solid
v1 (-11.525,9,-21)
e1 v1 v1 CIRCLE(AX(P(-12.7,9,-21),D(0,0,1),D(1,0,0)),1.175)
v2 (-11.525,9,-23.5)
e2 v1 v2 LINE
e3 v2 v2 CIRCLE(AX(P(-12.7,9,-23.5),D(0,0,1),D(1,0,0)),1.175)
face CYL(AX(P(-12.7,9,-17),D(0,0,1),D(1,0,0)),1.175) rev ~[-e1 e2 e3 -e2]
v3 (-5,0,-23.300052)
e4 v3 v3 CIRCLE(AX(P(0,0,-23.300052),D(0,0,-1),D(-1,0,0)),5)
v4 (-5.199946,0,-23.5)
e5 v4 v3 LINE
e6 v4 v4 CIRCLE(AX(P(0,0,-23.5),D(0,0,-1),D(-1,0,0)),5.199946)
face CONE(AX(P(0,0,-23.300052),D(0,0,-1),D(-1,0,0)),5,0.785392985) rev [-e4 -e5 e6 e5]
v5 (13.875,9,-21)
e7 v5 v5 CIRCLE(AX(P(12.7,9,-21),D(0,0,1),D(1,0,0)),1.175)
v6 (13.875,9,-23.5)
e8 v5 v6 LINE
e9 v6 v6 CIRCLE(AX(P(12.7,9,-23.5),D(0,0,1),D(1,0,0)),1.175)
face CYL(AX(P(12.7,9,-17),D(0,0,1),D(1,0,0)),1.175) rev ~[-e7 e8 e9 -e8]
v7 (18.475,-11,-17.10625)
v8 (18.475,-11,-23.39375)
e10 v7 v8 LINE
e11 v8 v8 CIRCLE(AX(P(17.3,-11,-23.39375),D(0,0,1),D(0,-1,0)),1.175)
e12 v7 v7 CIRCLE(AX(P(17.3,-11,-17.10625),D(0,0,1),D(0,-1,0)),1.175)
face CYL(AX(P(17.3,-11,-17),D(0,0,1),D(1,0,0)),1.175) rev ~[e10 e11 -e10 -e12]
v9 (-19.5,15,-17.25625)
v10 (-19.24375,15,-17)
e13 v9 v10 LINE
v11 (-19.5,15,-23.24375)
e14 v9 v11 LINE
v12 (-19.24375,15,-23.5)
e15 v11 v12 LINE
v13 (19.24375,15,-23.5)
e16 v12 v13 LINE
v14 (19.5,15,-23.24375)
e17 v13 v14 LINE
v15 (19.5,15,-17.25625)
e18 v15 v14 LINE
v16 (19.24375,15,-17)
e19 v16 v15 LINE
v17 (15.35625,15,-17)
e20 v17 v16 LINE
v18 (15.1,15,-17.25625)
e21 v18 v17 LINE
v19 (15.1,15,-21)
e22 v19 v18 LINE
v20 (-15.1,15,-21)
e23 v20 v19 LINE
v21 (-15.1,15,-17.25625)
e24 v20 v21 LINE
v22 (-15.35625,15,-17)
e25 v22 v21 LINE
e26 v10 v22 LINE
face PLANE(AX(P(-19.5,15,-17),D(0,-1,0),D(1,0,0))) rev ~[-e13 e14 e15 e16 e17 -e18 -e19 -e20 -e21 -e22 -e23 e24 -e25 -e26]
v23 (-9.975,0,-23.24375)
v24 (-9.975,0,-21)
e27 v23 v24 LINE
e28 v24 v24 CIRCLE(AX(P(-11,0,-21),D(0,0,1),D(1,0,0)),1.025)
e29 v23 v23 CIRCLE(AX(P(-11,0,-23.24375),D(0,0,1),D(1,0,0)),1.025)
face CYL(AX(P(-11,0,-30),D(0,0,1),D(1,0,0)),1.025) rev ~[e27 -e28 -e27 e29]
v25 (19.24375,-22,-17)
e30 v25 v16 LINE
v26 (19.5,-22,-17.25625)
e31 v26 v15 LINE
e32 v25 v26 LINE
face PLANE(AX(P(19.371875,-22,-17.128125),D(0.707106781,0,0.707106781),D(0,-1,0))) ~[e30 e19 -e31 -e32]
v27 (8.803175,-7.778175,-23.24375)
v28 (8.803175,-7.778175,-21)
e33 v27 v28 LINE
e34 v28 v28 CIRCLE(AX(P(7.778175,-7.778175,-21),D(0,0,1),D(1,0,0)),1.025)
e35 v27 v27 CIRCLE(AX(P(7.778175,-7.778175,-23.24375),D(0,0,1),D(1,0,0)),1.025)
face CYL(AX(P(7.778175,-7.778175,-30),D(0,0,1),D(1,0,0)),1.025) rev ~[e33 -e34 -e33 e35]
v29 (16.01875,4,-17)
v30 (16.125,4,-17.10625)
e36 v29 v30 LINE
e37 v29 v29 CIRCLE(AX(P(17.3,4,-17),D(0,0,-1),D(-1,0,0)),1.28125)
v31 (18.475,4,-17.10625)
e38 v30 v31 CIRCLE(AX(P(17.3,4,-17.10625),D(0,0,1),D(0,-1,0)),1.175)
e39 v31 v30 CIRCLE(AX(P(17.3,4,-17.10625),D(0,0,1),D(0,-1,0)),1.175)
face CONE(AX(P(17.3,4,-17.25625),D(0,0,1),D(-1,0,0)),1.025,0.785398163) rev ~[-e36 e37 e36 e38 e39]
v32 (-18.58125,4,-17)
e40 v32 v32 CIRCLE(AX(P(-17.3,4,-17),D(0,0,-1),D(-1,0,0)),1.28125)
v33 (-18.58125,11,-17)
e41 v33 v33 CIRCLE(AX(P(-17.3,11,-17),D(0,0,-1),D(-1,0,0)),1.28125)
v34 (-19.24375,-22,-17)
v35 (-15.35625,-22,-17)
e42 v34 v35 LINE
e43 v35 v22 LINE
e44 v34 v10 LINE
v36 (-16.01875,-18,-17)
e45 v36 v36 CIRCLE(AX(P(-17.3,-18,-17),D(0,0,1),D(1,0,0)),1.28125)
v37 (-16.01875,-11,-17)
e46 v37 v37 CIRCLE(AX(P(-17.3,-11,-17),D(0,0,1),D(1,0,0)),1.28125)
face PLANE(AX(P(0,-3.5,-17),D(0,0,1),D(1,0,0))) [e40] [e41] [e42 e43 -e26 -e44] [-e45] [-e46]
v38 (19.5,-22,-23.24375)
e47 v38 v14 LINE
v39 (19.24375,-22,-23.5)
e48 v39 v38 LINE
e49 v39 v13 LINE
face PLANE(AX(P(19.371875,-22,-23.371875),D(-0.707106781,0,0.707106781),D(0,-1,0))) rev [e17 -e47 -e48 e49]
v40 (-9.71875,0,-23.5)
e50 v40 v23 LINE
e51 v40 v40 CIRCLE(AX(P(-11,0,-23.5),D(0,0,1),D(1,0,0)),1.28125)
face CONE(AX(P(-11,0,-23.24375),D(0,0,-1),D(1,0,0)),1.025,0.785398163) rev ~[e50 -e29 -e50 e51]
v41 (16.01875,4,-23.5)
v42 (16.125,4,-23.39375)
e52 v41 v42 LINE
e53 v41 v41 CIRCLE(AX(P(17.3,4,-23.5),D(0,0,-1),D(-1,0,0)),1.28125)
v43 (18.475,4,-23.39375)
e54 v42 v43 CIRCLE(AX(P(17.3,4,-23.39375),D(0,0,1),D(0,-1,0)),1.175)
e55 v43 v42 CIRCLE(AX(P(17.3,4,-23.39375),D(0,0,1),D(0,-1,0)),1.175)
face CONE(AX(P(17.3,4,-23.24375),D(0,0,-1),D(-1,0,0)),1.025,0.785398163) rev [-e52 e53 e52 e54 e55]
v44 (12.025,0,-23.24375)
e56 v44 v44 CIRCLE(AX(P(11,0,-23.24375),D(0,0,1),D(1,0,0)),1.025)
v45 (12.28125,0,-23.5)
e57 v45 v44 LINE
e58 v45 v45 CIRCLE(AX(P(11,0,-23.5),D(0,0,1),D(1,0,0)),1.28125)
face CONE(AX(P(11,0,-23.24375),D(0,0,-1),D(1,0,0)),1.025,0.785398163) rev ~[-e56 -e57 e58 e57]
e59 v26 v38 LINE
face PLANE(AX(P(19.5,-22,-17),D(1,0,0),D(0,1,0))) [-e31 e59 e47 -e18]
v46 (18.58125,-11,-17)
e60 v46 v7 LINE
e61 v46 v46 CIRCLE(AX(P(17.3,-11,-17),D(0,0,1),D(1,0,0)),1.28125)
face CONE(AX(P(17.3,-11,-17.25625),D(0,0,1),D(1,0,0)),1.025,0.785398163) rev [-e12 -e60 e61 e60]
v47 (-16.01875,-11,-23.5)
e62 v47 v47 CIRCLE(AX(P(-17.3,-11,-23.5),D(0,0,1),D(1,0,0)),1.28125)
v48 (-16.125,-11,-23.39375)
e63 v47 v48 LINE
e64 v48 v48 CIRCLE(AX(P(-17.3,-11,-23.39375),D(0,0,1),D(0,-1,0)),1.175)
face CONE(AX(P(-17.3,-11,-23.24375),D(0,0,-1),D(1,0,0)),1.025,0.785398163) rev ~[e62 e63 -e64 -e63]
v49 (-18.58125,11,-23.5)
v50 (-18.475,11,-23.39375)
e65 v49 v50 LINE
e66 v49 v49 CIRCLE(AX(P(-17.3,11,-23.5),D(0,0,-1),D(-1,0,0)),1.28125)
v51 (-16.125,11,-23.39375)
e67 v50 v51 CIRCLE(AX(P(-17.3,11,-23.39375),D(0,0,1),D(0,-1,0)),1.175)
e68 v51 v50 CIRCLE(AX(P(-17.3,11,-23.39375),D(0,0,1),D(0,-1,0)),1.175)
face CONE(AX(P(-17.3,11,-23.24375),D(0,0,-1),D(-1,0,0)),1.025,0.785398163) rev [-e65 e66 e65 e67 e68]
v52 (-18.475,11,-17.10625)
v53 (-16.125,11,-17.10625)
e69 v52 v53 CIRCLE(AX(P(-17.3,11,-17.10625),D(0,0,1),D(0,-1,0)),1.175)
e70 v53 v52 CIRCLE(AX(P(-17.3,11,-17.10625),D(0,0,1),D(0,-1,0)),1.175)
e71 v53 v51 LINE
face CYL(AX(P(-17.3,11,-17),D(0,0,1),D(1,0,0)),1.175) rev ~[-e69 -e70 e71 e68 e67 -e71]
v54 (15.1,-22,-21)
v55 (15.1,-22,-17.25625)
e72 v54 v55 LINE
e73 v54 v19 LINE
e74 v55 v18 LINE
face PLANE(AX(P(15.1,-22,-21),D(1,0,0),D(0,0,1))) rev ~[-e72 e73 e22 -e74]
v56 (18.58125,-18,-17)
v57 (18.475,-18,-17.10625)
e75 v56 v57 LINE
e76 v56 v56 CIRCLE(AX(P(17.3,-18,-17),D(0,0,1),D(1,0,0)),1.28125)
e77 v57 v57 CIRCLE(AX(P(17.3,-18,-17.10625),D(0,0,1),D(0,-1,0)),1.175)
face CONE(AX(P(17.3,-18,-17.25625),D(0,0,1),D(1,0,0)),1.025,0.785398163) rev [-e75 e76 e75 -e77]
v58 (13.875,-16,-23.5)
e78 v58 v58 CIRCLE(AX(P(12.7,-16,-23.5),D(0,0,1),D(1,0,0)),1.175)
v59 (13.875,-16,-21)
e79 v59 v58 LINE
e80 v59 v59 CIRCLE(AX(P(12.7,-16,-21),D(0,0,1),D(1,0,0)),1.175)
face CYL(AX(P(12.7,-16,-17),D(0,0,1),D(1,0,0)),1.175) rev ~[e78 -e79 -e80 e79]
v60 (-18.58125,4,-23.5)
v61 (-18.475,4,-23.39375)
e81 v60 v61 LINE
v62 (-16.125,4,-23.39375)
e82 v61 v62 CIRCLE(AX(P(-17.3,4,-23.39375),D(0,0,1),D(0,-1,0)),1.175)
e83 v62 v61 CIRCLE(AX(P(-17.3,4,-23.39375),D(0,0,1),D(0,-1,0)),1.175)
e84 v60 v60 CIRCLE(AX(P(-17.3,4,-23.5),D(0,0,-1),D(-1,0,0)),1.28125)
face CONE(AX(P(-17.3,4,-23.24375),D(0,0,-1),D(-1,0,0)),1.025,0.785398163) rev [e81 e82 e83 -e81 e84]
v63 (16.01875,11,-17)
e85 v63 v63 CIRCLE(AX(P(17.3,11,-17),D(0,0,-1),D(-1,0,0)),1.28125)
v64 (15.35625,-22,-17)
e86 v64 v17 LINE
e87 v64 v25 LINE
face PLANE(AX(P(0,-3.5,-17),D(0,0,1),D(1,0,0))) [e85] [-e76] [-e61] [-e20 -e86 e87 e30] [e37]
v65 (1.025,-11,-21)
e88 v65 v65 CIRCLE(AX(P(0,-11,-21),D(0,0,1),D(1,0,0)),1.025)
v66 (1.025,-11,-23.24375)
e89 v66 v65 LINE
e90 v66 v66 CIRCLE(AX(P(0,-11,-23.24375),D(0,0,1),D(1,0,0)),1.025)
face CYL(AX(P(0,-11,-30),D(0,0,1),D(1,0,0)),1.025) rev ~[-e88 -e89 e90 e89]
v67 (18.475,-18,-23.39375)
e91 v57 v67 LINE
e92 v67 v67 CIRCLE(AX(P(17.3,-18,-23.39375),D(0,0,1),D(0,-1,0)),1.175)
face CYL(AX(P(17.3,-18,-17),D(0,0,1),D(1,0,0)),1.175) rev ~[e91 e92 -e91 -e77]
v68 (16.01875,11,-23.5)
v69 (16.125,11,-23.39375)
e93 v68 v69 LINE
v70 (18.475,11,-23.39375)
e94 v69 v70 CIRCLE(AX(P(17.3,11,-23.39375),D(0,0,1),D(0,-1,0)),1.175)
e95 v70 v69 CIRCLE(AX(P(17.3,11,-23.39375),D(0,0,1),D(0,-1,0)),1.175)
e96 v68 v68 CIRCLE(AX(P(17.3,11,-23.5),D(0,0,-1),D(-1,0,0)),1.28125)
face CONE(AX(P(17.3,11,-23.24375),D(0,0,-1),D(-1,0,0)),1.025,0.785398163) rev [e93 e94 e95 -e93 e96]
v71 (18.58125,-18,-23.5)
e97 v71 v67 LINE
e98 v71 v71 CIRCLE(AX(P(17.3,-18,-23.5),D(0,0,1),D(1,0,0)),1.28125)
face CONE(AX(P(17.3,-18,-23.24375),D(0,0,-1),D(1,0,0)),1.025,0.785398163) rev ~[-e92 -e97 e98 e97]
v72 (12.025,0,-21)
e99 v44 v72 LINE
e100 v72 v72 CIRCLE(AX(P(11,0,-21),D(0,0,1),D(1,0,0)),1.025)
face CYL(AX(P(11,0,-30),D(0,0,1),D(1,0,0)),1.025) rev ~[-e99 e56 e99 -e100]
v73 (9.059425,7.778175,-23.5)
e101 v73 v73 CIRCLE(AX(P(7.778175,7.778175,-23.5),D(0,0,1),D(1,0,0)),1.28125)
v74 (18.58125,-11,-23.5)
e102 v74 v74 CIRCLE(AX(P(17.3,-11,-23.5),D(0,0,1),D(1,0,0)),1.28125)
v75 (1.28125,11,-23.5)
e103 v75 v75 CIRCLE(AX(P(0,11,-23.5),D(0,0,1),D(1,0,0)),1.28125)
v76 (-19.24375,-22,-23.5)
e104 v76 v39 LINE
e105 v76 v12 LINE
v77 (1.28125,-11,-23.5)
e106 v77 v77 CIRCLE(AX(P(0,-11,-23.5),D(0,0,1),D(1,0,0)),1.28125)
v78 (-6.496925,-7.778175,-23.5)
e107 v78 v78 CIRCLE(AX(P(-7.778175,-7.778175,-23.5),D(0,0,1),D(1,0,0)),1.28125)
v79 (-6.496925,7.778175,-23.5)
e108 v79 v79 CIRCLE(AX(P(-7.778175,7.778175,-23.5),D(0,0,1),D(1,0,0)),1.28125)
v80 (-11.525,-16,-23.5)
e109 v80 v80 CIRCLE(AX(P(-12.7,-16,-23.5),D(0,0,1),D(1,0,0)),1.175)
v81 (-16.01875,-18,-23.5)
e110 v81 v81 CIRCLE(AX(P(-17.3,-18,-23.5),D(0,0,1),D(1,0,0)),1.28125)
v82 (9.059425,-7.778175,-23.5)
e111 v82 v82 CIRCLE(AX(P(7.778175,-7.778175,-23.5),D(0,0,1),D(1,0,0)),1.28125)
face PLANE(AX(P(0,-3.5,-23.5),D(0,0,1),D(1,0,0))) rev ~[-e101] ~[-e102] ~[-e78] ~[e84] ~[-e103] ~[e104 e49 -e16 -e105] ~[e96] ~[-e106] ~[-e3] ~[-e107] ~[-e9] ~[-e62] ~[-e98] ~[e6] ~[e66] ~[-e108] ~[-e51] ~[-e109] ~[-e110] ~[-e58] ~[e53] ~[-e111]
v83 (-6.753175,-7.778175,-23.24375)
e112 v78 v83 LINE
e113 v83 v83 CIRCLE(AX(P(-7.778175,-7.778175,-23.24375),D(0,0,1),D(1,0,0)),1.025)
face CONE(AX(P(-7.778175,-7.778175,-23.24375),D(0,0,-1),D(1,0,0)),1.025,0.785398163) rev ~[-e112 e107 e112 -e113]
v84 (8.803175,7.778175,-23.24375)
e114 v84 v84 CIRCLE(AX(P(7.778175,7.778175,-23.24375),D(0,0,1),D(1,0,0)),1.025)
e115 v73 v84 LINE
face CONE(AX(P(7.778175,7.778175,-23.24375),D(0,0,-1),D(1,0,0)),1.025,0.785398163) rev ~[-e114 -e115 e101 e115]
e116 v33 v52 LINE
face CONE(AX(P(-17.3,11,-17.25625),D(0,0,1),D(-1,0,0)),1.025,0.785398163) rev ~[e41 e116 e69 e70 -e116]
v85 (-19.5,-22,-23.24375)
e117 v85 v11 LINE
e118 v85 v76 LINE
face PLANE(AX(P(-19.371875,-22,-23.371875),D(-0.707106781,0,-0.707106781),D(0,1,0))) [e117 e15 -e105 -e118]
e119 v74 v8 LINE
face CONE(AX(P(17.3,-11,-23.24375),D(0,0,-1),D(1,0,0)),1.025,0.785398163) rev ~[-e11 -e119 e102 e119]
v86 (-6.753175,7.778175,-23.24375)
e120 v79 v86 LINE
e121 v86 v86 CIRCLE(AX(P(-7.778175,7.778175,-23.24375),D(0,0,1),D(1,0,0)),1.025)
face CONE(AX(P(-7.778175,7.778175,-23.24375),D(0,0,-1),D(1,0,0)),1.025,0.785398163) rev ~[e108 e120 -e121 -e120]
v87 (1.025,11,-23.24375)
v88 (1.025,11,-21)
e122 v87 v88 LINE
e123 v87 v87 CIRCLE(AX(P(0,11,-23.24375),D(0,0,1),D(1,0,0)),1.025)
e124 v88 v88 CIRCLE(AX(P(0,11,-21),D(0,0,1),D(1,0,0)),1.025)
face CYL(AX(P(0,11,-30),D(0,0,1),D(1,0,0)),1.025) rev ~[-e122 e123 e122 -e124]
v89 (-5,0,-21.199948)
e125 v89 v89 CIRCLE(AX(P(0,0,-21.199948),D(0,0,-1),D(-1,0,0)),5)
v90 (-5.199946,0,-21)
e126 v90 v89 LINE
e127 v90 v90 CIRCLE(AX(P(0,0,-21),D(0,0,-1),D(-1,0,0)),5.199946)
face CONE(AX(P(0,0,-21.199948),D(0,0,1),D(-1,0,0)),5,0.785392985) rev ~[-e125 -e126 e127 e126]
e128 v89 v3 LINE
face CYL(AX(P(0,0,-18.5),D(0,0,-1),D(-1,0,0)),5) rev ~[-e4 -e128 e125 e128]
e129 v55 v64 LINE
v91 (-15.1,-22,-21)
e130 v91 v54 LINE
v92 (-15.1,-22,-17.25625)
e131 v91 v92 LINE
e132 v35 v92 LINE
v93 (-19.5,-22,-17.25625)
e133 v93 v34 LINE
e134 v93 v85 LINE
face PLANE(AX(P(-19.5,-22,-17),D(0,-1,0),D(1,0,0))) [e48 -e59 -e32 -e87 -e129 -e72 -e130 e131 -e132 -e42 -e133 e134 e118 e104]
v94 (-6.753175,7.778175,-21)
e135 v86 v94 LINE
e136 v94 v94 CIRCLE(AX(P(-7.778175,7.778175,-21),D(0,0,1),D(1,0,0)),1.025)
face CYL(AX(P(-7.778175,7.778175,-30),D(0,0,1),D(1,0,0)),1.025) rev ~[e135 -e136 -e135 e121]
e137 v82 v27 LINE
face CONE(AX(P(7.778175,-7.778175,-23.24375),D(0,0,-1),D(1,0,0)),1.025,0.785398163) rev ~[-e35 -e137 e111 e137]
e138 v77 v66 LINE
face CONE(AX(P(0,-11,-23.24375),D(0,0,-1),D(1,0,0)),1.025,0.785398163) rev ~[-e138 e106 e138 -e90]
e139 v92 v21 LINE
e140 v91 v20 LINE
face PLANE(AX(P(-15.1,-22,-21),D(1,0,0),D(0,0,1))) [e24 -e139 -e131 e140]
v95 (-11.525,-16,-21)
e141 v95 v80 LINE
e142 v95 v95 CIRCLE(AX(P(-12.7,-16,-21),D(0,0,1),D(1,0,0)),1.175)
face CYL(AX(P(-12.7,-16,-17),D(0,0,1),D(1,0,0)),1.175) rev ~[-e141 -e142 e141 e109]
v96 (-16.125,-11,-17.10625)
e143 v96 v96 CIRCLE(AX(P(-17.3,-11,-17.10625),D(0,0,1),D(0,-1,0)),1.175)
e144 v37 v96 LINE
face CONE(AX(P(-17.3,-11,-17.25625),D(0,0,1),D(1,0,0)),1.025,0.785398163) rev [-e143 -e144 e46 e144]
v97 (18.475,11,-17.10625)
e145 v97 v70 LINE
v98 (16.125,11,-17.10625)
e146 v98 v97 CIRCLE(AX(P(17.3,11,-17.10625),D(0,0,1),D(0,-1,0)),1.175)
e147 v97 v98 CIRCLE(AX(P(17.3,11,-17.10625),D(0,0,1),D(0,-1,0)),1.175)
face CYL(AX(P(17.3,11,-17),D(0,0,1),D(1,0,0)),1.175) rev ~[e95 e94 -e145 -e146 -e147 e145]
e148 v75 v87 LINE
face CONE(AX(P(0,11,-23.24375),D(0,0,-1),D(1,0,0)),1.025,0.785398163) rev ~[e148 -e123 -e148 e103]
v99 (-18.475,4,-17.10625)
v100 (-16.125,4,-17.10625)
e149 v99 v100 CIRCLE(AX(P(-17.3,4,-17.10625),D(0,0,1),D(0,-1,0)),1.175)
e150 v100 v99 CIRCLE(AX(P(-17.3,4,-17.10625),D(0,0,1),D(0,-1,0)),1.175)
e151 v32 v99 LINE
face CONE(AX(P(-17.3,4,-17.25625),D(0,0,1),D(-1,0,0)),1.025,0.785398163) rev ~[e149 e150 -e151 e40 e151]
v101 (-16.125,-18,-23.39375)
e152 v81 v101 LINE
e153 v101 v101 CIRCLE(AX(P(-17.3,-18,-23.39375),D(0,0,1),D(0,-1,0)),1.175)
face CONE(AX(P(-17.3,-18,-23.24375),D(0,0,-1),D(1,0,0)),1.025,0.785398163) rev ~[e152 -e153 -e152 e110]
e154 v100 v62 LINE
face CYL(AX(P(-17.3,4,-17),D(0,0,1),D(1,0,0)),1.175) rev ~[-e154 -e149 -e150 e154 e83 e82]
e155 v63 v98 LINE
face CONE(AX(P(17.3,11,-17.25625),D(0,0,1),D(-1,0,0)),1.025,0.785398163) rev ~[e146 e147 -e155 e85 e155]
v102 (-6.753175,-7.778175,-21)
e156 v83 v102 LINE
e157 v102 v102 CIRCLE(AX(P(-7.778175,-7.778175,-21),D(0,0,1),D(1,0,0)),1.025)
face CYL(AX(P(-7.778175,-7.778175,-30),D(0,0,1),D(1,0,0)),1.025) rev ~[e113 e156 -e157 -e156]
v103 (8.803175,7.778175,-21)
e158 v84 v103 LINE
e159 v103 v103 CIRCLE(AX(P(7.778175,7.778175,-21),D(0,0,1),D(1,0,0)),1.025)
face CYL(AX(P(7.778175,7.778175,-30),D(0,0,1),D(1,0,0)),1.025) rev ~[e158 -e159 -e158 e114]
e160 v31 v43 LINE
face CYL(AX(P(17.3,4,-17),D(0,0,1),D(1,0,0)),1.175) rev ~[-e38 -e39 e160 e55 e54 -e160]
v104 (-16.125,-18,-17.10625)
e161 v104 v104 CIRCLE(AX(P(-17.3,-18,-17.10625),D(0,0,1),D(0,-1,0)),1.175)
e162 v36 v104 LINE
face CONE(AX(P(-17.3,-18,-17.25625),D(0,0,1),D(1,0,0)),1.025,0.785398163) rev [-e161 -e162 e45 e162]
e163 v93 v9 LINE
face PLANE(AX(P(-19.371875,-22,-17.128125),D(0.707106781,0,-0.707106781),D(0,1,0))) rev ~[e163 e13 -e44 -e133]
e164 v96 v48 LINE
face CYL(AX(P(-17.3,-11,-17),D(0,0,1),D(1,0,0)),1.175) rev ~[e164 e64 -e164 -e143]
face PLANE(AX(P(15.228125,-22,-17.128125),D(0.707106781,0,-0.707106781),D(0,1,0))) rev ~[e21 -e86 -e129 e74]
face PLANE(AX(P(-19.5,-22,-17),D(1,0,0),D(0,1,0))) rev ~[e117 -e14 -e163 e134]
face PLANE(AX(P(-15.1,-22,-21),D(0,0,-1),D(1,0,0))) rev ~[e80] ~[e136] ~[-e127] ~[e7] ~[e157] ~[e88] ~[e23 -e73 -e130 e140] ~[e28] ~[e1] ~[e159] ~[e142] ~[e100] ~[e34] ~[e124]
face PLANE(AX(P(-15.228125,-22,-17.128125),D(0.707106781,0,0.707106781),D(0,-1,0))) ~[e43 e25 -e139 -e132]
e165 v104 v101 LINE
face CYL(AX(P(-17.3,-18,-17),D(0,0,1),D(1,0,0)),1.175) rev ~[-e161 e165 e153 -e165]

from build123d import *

# Parameters (mm, degrees)
SKETCH1_W                        = 39
SKETCH1_H                        = 37
BOSS_EXTRUDE1_DEPTH              = 6.5
SKETCH2_W                        = 30.2
SKETCH2_H                        = 4
CUT_EXTRUDE1_DEPTH               = 38
F_10_0_10_DIAMETER_HOLE1_D       = 10
F_10_0_10_DIAMETER_HOLE1_DEPTH   = 2.5
F_2_05_2_05_DIAMETER_HOLE1_D     = 2.05
F_2_05_2_05_DIAMETER_HOLE1_DEPTH = 6.5
F_2_05_2_05_DIAMETER_HOLE2_D     = 2.05
F_2_05_2_05_DIAMETER_HOLE2_DEPTH = 6.5
F_2_05_2_05_DIAMETER_HOLE3_D     = 2.05
F_2_05_2_05_DIAMETER_HOLE3_DEPTH = 6.5
CHAMFER1_SIZE                    = 0.25625
CHAMFER2_SIZE2                   = 0.199948225
CHAMFER2_SIZE                    = 0.199946154
SKETCH11_R                       = 1.28125
BOSS_EXTRUDE3_DEPTH              = 2.5
SKETCH12_R                       = 1.175
CUT_EXTRUDE2_DEPTH               = 7.5


with BuildPart() as part:
    # Sketch1 → Boss-Extrude1 (new body)
    with BuildSketch(Plane.XY.offset(-17)):
        with Locations((0, -3.5)):
            Rectangle(SKETCH1_W, SKETCH1_H)
    extrude(amount=-BOSS_EXTRUDE1_DEPTH)

    # Sketch2 → Cut-Extrude1 (cut, through all)
    with BuildSketch(Plane.XZ.offset(22)):
        with Locations((0, -19)):
            Rectangle(SKETCH2_W, SKETCH2_H)
    extrude(amount=-CUT_EXTRUDE1_DEPTH, mode=Mode.SUBTRACT)

    # Ø10.0 (10) Diameter Hole1
    with Locations(Plane.XY.offset(-21)):
        with Locations((0, 0)):
            Hole(F_10_0_10_DIAMETER_HOLE1_D / 2, depth=F_10_0_10_DIAMETER_HOLE1_DEPTH)

    # Ø2.05 (2.05) Diameter Hole1
    with Locations(Plane(origin=(0, 0, -23.5), x_dir=(-1, 0, 0), z_dir=(0, 0, -1))):
        with Locations((-17.3, -18), (17.3, -18), (-17.3, -11), (17.3, -11)):
            Hole(F_2_05_2_05_DIAMETER_HOLE1_D / 2, depth=F_2_05_2_05_DIAMETER_HOLE1_DEPTH)

    # Ø2.05 (2.05) Diameter Hole2
    with Locations(Plane.XY.offset(-17)):
        with Locations((17.3, 4), (-17.3, 4), (17.3, 11), (-17.3, 11)):
            Hole(F_2_05_2_05_DIAMETER_HOLE2_D / 2, depth=F_2_05_2_05_DIAMETER_HOLE2_DEPTH)

    # Ø2.05 (2.05) Diameter Hole3
    with Locations(Plane(origin=(0, 0, -23.5), x_dir=(-1, 0, 0), z_dir=(0, 0, -1))):
        with Locations((0, 11), (-7.778174593, 7.778174593), (-11, 0), (-7.778174593, -7.778174593), (0, -11), (7.778174593, -7.778174593), (11, 0), (7.778174593, 7.778174593), (13, 11), (-13, 11), (13, -17), (-13, -17)):
            Hole(F_2_05_2_05_DIAMETER_HOLE3_D / 2, depth=F_2_05_2_05_DIAMETER_HOLE3_DEPTH)

    # Chamfer1
    chamfer1_edges = [part.edges().sort_by_distance(p)[0] for p in [
        (-19.5, -3.5, -23.5),
        (-8.803174593, 7.778174593, -23.5),
        (-12.025, 0, -23.5),
        (-8.803174593, -7.778174593, -23.5),
        (-1.025, -11, -23.5),
        (6.753174593, -7.778174593, -23.5),
        (9.975, 0, -23.5),
        (6.753174593, 7.778174593, -23.5),
        (-1.025, 11, -23.5),
        (15.1, -3.5, -17),
        (-15.1, -3.5, -17),
        (-18.325, -11, -23.5),
        (-18.325, -11, -17),
        (19.5, -3.5, -23.5),
        (16.275, -11, -23.5),
        (16.275, -11, -17),
        (-18.325, -18, -23.5),
        (-18.325, -18, -17),
        (16.275, -18, -23.5),
        (16.275, -18, -17),
        (-19.5, -3.5, -17),
        (-16.275, 11, -17),
        (-16.275, 11, -23.5),
        (19.5, -3.5, -17),
        (18.325, 11, -17),
        (18.325, 11, -23.5),
        (-16.275, 4, -17),
        (-16.275, 4, -23.5),
        (18.325, 4, -17),
        (18.325, 4, -23.5),
        (11.975, -17, -23.5),
        (-14.025, -17, -23.5),
        (11.975, 11, -23.5),
        (-14.025, 11, -23.5),
    ]]
    chamfer(chamfer1_edges, length=CHAMFER1_SIZE)

    # Chamfer2
    chamfer2_edges = [part.edges().sort_by_distance(p)[0] for p in [
        (5, 0, -21),
        (5, 0, -23.5),
    ]]
    chamfer(chamfer2_edges, length=CHAMFER2_SIZE, length2=CHAMFER2_SIZE2)

    # Sketch11 → Boss-Extrude3 (add)
    with BuildSketch(Plane(origin=(0, 0, -23.5), x_dir=(-1, 0, 0), z_dir=(0, 0, -1))):
        with Locations((13, 11)):
            Circle(SKETCH11_R)
        with Locations((13, -17)):
            Circle(SKETCH11_R)
        with Locations((-13, -17)):
            Circle(SKETCH11_R)
        with Locations((-13, 11)):
            Circle(SKETCH11_R)
    extrude(amount=-BOSS_EXTRUDE3_DEPTH)

    # Sketch12 → Cut-Extrude2 (cut, through all)
    with BuildSketch(Plane.XY.offset(-17)):
        with Locations((12.7, 9)):
            Circle(SKETCH12_R)
        with Locations((-12.7, 9)):
            Circle(SKETCH12_R)
        with Locations((12.7, -16)):
            Circle(SKETCH12_R)
        with Locations((-12.7, -16)):
            Circle(SKETCH12_R)
        with Locations((-17.3, -18)):
            Circle(SKETCH12_R)
        with Locations((-17.3, -11)):
            Circle(SKETCH12_R)
        with Locations((-17.3, 4)):
            Circle(SKETCH12_R)
        with Locations((-17.3, 11)):
            Circle(SKETCH12_R)
        with Locations((17.3, -18)):
            Circle(SKETCH12_R)
        with Locations((17.3, -11)):
            Circle(SKETCH12_R)
        with Locations((17.3, 4)):
            Circle(SKETCH12_R)
        with Locations((17.3, 11)):
            Circle(SKETCH12_R)
    extrude(amount=-CUT_EXTRUDE2_DEPTH, mode=Mode.SUBTRACT)


solid = part.part
